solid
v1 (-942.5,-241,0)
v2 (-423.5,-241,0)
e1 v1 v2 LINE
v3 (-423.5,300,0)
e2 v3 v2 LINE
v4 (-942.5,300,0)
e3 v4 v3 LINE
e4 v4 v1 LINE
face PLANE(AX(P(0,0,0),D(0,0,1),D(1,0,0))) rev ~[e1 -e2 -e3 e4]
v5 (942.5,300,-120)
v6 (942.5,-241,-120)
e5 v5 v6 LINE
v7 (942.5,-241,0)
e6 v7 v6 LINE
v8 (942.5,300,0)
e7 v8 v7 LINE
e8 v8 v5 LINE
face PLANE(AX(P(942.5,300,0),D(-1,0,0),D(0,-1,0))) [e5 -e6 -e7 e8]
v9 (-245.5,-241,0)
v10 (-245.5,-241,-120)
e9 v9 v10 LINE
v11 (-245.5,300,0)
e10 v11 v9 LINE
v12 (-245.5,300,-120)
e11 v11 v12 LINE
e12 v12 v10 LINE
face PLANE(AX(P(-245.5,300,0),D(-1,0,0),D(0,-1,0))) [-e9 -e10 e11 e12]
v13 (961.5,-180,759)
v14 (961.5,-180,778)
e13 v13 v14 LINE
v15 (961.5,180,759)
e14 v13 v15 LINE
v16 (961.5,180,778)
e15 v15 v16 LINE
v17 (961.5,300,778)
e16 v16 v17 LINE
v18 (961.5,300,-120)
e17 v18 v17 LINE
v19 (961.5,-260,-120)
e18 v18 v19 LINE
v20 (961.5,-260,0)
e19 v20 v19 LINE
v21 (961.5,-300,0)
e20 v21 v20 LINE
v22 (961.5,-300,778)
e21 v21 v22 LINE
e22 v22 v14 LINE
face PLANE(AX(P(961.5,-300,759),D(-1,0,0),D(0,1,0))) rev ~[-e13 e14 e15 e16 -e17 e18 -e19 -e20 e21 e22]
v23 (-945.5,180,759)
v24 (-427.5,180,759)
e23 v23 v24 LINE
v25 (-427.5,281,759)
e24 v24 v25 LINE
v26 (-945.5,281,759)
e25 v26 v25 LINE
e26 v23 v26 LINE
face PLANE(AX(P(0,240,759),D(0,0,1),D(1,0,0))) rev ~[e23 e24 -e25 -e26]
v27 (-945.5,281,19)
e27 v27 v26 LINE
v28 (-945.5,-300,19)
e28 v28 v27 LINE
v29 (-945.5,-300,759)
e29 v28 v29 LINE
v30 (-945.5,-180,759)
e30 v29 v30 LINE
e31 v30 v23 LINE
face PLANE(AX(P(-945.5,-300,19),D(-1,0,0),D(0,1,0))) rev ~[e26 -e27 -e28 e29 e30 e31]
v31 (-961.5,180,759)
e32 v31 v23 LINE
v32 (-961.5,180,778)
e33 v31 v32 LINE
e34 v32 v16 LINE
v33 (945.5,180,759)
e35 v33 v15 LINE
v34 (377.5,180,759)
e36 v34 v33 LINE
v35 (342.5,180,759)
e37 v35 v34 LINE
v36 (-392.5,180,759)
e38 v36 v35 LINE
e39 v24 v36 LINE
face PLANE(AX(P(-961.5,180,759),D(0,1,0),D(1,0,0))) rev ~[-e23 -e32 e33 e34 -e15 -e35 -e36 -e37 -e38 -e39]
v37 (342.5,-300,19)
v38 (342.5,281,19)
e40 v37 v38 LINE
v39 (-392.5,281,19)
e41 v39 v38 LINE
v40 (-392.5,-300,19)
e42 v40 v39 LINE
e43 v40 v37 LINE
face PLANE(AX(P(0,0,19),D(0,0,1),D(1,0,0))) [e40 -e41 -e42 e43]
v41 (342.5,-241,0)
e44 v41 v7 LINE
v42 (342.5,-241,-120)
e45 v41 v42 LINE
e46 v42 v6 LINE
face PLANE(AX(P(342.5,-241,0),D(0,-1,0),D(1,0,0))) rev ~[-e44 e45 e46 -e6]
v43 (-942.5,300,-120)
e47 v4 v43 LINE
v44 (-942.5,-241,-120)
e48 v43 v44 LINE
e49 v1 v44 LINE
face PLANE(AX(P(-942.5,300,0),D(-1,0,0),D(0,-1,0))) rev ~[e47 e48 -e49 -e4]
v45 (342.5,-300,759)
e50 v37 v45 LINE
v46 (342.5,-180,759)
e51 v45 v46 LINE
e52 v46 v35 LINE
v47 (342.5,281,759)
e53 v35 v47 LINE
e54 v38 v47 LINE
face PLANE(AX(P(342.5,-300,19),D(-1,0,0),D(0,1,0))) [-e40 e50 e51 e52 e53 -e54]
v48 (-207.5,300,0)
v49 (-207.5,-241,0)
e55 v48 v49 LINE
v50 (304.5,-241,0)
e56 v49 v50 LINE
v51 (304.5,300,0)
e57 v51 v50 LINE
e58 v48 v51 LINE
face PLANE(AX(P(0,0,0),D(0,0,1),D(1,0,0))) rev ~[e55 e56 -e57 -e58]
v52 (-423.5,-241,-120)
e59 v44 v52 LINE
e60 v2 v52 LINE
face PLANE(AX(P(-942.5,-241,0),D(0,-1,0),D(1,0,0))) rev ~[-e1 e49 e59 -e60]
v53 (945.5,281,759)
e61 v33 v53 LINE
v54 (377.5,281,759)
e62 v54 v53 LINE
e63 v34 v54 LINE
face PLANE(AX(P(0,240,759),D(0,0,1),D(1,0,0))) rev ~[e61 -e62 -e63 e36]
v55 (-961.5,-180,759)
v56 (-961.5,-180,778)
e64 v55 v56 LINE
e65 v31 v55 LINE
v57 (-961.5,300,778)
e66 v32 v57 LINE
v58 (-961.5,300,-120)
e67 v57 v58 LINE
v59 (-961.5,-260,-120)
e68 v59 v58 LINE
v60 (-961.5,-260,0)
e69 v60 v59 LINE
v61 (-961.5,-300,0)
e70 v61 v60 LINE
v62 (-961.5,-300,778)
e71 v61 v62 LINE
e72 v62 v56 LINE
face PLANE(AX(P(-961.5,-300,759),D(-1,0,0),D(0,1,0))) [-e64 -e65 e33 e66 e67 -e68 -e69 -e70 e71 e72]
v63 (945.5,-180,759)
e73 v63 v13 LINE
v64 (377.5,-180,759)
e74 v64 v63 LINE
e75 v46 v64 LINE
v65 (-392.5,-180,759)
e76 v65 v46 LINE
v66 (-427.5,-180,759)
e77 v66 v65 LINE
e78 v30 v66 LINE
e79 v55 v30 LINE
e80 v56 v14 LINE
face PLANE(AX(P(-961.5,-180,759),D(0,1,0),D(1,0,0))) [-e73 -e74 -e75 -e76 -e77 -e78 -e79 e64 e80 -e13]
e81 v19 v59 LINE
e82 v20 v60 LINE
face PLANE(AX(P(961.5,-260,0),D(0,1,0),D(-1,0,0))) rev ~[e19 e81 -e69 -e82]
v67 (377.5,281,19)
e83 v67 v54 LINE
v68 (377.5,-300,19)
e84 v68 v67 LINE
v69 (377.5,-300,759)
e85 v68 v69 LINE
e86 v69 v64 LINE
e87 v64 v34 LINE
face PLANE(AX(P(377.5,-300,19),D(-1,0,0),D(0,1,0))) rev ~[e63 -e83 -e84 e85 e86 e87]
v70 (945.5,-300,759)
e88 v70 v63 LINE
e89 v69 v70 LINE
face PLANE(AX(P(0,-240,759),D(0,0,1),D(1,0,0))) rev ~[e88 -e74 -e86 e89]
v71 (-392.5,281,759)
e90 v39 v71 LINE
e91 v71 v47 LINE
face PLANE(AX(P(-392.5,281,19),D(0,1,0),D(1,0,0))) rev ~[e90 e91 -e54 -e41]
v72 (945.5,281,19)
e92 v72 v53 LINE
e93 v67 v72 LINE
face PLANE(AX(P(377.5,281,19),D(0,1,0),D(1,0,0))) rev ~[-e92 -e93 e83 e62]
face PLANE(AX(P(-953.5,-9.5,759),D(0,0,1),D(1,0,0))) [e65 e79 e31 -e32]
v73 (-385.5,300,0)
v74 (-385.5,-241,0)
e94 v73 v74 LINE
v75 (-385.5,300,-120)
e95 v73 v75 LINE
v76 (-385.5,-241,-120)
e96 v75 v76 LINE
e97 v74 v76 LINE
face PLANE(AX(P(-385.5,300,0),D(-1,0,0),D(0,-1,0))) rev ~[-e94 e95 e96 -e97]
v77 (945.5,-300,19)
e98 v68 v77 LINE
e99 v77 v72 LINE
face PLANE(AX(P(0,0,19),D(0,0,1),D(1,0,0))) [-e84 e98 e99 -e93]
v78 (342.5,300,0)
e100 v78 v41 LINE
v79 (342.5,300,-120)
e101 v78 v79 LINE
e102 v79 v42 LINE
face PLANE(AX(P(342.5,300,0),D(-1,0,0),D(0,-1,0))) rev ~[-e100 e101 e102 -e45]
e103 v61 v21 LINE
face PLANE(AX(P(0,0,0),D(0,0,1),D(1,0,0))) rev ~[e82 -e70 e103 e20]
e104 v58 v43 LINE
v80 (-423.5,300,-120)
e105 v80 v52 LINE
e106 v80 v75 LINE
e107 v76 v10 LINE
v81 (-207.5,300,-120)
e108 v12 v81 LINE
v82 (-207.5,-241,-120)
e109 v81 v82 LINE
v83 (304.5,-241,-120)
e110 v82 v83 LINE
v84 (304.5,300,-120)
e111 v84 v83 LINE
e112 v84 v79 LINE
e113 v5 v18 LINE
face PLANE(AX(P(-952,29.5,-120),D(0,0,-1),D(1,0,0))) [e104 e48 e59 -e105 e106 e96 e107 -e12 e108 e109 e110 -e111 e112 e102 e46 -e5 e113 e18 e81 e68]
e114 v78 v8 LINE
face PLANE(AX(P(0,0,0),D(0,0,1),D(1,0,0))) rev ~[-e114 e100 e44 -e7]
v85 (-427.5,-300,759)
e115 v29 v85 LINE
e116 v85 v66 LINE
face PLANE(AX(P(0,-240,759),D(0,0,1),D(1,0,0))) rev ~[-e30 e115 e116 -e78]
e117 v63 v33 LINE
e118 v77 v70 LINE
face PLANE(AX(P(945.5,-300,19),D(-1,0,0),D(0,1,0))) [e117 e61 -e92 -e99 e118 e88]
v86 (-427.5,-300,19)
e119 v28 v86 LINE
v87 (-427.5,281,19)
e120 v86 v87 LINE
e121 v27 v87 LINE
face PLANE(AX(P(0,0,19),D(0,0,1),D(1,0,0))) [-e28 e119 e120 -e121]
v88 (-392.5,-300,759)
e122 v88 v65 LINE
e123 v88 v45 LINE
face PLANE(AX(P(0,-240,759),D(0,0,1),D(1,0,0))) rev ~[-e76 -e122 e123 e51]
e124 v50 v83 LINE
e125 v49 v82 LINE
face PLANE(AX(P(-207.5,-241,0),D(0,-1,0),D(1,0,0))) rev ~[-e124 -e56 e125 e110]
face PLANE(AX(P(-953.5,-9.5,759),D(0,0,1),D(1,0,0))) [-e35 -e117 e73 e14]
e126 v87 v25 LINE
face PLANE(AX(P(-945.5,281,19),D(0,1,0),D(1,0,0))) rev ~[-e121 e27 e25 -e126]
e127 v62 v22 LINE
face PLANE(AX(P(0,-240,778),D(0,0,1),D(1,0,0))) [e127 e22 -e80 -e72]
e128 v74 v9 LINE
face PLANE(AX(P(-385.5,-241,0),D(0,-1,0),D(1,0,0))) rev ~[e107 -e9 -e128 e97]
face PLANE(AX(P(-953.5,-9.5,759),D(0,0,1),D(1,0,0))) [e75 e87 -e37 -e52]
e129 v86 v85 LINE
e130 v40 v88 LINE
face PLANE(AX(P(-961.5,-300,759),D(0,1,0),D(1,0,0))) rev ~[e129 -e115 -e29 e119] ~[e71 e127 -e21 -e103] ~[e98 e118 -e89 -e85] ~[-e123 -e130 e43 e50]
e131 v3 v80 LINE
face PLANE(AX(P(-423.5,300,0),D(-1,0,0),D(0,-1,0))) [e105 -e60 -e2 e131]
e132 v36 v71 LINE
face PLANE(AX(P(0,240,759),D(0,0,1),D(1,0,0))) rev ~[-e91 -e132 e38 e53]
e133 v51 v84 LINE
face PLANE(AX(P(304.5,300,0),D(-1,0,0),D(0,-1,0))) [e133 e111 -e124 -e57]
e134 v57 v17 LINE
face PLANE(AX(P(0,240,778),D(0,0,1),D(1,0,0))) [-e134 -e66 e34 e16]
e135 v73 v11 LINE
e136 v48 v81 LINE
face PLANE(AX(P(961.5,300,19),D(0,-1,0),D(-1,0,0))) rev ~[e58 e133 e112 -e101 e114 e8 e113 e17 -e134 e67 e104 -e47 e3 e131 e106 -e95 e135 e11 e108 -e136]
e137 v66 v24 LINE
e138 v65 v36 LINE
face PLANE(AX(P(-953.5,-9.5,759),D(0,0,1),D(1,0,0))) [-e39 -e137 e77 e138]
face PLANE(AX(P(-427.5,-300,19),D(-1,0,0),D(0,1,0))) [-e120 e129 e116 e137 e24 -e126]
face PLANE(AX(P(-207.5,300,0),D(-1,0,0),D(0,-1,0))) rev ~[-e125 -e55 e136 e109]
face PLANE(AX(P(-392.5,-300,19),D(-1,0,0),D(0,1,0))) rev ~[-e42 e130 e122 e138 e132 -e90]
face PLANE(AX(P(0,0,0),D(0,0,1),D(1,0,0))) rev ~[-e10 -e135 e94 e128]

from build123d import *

# Parameters (mm, degrees)
F0_W     = 1923
F0_H     = 600
F1_DEPTH = 19
F2_W     = 19
F2_H     = 541
F3_DEPTH = 120
F4_W     = 16
F4_H     = 581
F4_W_2   = 19
F5_DEPTH = 740
F6_W     = 1923
F6_H     = 120
F7_DEPTH = 19


with BuildPart() as f1:
    # F0 (on Top) → F1 (new body)
    with BuildSketch(Plane.XY):
        Rectangle(F0_W, F0_H)
    extrude(amount=F1_DEPTH)

    # F2 (on face) → F3 (join)
    with BuildSketch(Plane(origin=(0, 0, 0), x_dir=(1, 0, 0), z_dir=(0, 0, -1))):
        with Locations((-952, -29.5)):
            Rectangle(F2_W, F2_H)
        Polygon((-961.5, 260), (-961.5, 241), (-942.5, 241), (-423.5, 241), (-404.5, 241), (-385.5, 241), (-245.5, 241), (-226.5, 241), (-207.5, 241), (304.5, 241), (323.5, 241), (342.5, 241), (942.5, 241), (961.5, 241), (961.5, 260), align=None)
        with Locations((-414, -29.5)):
            Rectangle(F2_W, F2_H)
        with Locations((-395, -29.5)):
            Rectangle(F2_W, F2_H)
        with Locations((952, -29.5)):
            Rectangle(F2_W, F2_H)
        with Locations((-236, -29.5)):
            Rectangle(F2_W, F2_H)
        with Locations((333, -29.5)):
            Rectangle(F2_W, F2_H)
        with Locations((-217, -29.5)):
            Rectangle(F2_W, F2_H)
        with Locations((314, -29.5)):
            Rectangle(F2_W, F2_H)
    extrude(amount=F3_DEPTH)

    # F4 (on face) → F5 (join)
    with BuildSketch(Plane.XY.offset(19)):
        with Locations((-953.5, -9.5)):
            Rectangle(F4_W, F4_H)
        Polygon((-961.5, 300), (-961.5, 281), (-945.5, 281), (-427.5, 281), (-411.5, 281), (-392.5, 281), (342.5, 281), (361.5, 281), (377.5, 281), (945.5, 281), (961.5, 281), (961.5, 300), align=None)
        with Locations((-419.5, -9.5)):
            Rectangle(F4_W, F4_H)
        with Locations((-402, -9.5)):
            Rectangle(F4_W_2, F4_H)
        with Locations((953.5, -9.5)):
            Rectangle(F4_W, F4_H)
        with Locations((352, -9.5)):
            Rectangle(F4_W_2, F4_H)
        with Locations((369.5, -9.5)):
            Rectangle(F4_W, F4_H)
    extrude(amount=F5_DEPTH)

    # F6 (on face) → F7 (join)
    with BuildSketch(Plane.XY.offset(759)):
        with Locations((0, -240)):
            Rectangle(F6_W, F6_H)
        with Locations((0, 240)):
            Rectangle(F6_W, F6_H)
    extrude(amount=F7_DEPTH)


solid = f1.part
